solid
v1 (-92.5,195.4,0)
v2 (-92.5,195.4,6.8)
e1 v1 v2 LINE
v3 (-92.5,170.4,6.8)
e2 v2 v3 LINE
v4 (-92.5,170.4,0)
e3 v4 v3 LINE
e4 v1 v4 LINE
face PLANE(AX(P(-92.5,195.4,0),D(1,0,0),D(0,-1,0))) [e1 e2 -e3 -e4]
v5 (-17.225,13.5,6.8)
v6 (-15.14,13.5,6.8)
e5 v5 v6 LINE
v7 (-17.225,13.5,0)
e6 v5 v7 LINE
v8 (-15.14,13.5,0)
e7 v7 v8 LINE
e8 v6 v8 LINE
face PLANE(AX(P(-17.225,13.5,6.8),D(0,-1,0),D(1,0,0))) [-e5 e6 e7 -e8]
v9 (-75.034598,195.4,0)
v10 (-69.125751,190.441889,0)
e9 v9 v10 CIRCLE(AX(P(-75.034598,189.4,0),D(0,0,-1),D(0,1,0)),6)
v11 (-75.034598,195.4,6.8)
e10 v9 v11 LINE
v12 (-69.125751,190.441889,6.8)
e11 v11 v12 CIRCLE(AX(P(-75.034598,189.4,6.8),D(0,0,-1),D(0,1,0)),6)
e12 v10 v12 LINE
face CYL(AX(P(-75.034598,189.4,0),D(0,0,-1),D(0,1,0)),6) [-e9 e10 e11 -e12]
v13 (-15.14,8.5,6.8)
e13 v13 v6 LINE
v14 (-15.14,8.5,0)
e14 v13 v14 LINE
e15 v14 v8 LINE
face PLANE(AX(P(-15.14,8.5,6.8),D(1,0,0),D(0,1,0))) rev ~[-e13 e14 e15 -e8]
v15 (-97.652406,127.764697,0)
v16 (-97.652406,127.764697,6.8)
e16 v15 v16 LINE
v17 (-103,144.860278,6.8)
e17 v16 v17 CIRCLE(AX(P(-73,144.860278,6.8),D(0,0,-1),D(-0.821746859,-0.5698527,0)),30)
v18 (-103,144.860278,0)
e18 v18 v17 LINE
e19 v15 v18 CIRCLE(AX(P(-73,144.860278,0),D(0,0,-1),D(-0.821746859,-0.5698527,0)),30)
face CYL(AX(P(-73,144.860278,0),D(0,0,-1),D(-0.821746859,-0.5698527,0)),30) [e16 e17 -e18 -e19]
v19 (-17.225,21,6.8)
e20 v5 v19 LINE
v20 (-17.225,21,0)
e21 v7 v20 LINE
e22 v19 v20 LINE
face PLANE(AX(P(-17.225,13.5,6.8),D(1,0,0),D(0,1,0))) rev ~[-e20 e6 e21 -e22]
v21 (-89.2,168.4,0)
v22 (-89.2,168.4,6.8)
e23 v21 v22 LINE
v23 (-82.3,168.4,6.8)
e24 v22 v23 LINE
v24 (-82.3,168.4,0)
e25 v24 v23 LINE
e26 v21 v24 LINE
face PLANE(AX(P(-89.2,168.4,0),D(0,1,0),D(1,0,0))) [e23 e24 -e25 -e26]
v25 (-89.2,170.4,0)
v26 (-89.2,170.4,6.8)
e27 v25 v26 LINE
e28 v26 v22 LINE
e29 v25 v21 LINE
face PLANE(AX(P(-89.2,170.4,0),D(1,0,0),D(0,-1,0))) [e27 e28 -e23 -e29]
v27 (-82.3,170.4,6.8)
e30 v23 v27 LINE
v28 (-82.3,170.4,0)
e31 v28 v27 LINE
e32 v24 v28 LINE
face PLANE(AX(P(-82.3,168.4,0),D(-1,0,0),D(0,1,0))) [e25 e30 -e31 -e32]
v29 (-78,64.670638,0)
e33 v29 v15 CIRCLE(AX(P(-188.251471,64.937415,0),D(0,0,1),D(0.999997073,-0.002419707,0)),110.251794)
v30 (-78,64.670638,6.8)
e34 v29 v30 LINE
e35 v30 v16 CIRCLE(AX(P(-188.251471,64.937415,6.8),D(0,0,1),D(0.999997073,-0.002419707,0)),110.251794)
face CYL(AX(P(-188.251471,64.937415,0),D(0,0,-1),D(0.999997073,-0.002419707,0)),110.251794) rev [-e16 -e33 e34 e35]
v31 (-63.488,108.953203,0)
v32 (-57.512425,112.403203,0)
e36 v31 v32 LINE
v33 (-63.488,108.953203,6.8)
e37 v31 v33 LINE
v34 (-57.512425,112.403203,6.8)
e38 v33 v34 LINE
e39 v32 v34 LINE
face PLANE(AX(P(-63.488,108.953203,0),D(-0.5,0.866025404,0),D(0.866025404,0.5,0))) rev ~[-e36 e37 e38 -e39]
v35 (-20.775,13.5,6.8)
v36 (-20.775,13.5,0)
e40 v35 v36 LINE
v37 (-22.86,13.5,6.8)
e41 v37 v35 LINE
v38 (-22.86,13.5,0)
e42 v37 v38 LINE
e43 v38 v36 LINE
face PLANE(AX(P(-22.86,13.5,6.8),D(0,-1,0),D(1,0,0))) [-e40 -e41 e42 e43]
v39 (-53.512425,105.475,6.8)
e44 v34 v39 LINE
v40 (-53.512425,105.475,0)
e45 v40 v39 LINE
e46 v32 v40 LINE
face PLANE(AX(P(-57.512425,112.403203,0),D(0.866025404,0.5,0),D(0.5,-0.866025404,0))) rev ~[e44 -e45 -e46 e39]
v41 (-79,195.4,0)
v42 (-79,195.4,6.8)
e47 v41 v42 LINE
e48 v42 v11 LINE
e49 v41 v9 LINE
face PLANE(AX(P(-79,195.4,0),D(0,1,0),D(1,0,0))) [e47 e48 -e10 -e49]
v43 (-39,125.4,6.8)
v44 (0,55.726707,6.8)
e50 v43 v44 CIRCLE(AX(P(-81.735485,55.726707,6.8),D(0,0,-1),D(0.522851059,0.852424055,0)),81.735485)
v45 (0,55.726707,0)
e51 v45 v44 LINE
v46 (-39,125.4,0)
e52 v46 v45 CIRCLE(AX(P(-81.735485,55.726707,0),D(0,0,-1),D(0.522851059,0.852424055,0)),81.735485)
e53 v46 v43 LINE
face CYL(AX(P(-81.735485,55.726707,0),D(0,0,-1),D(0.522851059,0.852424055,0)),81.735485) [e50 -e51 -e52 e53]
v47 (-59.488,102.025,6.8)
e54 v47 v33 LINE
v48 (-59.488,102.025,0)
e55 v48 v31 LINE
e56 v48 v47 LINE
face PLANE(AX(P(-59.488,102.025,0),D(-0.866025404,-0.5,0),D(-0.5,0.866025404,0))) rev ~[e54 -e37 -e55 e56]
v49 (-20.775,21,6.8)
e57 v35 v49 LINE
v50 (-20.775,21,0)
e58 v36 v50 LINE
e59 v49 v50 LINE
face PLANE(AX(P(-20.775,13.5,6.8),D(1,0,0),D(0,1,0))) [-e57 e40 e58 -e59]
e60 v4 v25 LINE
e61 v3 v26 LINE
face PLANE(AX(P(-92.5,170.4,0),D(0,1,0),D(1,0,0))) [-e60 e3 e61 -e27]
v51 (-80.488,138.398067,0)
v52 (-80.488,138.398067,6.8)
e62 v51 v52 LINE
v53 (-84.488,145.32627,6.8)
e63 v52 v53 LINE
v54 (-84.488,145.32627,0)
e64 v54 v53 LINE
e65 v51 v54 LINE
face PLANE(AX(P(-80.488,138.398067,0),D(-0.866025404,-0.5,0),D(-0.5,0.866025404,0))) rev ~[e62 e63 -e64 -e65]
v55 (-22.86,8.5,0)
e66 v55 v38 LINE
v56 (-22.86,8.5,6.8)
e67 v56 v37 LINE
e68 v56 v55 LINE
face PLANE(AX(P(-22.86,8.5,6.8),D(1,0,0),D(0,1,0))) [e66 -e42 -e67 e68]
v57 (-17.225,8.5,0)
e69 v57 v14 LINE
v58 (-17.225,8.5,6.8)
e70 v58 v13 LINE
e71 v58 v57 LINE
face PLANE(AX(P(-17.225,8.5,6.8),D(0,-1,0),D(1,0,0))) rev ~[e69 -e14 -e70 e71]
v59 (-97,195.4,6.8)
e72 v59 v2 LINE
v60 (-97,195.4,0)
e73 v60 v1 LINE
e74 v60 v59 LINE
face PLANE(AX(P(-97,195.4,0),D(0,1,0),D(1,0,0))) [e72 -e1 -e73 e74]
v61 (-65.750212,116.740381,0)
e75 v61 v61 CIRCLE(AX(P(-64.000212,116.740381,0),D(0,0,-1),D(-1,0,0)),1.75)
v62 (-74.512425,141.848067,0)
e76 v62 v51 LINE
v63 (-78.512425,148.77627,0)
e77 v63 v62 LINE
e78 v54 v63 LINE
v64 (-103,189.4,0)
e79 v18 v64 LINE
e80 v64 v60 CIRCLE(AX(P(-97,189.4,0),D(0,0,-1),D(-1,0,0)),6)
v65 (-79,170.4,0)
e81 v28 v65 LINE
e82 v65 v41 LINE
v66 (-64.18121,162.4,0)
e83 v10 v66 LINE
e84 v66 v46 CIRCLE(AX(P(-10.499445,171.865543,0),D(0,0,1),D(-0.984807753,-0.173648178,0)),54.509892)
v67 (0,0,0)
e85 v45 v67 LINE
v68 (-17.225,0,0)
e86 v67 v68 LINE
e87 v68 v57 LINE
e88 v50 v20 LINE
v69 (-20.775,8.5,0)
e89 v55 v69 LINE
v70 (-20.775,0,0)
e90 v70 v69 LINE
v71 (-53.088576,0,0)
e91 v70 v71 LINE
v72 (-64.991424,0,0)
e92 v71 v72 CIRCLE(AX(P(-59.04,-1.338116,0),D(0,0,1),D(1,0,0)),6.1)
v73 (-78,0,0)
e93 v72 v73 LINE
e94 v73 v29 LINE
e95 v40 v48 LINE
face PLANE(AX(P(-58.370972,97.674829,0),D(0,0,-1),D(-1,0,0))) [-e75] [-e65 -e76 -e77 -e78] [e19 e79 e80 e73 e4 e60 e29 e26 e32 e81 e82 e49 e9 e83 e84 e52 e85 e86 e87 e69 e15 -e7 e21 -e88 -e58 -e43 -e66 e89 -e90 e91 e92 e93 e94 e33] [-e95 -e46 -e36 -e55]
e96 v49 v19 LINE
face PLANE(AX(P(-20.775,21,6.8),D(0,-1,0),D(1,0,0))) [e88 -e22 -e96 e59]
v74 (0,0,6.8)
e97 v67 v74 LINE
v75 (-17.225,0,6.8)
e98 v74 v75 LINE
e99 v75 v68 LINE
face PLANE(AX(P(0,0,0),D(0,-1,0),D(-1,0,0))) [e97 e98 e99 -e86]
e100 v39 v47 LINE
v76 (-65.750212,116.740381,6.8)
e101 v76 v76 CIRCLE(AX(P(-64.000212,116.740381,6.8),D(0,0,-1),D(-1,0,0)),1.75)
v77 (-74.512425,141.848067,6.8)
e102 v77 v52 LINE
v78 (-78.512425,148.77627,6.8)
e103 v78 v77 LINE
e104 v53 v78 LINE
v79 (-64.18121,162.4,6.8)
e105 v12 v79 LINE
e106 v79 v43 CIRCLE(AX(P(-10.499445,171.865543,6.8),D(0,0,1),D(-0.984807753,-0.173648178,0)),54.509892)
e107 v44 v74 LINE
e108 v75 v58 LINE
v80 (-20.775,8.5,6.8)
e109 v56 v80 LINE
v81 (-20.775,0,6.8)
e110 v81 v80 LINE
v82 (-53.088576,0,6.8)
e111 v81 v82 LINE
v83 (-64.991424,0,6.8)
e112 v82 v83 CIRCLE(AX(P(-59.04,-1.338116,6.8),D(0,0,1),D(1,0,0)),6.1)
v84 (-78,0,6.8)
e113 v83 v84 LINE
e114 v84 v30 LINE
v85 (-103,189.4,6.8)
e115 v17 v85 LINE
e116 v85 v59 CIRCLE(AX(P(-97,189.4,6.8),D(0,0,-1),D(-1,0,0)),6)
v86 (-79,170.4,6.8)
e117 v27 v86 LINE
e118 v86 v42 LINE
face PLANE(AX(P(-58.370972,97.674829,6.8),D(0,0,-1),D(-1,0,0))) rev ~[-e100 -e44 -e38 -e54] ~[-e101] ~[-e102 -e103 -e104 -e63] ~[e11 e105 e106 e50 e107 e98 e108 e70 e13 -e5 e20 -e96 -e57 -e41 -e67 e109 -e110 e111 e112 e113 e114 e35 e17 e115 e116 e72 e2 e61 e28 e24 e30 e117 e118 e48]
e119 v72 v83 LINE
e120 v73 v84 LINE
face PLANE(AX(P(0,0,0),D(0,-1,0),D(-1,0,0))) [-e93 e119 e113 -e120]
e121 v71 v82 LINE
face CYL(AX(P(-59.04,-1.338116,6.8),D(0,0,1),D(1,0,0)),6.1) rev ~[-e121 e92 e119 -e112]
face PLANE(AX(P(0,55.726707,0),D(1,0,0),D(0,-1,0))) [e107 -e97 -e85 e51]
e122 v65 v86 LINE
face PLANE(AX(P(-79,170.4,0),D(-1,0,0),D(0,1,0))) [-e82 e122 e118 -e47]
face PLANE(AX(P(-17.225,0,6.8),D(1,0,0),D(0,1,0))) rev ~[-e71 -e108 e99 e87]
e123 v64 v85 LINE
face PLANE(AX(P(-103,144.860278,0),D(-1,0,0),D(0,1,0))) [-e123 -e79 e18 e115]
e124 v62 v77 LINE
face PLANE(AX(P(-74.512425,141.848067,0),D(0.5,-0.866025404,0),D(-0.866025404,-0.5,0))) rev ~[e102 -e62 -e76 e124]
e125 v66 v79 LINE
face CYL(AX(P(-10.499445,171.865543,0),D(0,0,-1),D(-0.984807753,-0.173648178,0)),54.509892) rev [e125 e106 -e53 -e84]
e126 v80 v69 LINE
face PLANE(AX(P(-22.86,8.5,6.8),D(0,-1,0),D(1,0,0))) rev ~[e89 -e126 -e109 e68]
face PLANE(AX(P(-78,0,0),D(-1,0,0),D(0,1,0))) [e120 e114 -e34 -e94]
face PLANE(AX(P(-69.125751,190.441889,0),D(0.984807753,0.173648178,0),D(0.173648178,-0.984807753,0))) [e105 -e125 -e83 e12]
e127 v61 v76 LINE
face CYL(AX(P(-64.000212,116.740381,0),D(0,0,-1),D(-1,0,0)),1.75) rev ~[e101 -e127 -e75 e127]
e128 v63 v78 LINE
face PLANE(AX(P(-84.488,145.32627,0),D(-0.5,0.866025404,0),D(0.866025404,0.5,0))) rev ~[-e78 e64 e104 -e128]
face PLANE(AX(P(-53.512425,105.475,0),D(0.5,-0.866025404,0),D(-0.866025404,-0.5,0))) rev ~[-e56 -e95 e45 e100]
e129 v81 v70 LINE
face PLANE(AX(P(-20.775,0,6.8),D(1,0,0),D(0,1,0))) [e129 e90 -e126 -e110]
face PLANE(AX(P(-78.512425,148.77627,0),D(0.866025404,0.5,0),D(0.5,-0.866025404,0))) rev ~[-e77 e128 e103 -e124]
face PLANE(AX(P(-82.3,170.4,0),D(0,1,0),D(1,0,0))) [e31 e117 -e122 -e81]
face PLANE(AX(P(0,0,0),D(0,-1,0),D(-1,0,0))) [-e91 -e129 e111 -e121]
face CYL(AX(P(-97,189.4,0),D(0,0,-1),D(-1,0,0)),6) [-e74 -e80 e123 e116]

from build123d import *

# Parameters (mm, degrees)
BOSS_EXTRUDE1_DEPTH = 6.8
SKETCH2_W           = 3.55
SKETCH2_H           = 7.5
SKETCH2_W_2         = 2.085
SKETCH2_H_2         = 5
SKETCH2_H_3         = 8.5
CUT_EXTRUDE1_DEPTH  = 6.8
SKETCH3_R           = 6.1
CUT_EXTRUDE2_DEPTH  = 6.8
SKETCH4_R           = 1.75
CUT_EXTRUDE3_DEPTH  = 6.8


with BuildPart() as part:
    # Sketch1 → Boss-Extrude1 (new body)
    with BuildSketch(Plane.XY):
        with BuildLine():
            Line((-97, 195.4), (-92.5, 195.4))
            Line((-92.5, 195.4), (-92.5, 170.4))
            Line((-92.5, 170.4), (-89.2, 170.4))
            Line((-89.2, 170.4), (-89.2, 168.4))
            Line((-89.2, 168.4), (-82.3, 168.4))
            Line((-82.3, 168.4), (-82.3, 170.4))
            Line((-82.3, 170.4), (-79, 170.4))
            Line((-79, 170.4), (-79, 195.4))
            Line((-79, 195.4), (-75.034597787, 195.4))
            ThreePointArc((-75.034597787, 195.4), (-71.177872129, 193.996266659), (-69.125751269, 190.441889066))
            Line((-69.125751269, 190.441889066), (-64.181209637, 162.4))
            ThreePointArc((-64.181209637, 162.4), (-55.56310459, 141.196422986), (-39, 125.4))
            ThreePointArc((-39, 125.4), (-10.413345727, 95.649656796), (0, 55.726706578))
            Line((0, 55.726706578), (0, 0))
            Line((0, 0), (-78, 0))
            Line((-78, 0), (-78, 64.670637847))
            ThreePointArc((-78, 64.670637847), (-82.987756652, 97.72473667), (-97.652405773, 127.764697248))
            ThreePointArc((-97.652405773, 127.764697248), (-101.631906793, 135.904056195), (-103, 144.860278245))
            Line((-103, 144.860278245), (-103, 189.4))
            ThreePointArc((-103, 189.4), (-101.242640687, 193.642640687), (-97, 195.4))
        make_face()
    extrude(amount=BOSS_EXTRUDE1_DEPTH)

    # Sketch2 → Cut-Extrude1 (cut)
    with BuildSketch(Plane.XY.offset(6.8)):
        with Locations((-19, 17.25)):
            Rectangle(SKETCH2_W, SKETCH2_H)
        with Locations((-21.8175, 11)):
            Rectangle(SKETCH2_W_2, SKETCH2_H_2)
        with Locations((-16.1825, 11)):
            Rectangle(SKETCH2_W_2, SKETCH2_H_2)
        with Locations((-19, 4.25)):
            Rectangle(SKETCH2_W, SKETCH2_H_3)
        with Locations((-19, 11)):
            Rectangle(SKETCH2_W, SKETCH2_H_2)
    extrude(amount=-CUT_EXTRUDE1_DEPTH, mode=Mode.SUBTRACT)

    # Sketch3 → Cut-Extrude2 (cut)
    with BuildSketch(Plane.XY.offset(6.8)):
        with Locations((-59.04, -1.33811552)):
            Circle(SKETCH3_R)
    extrude(amount=-CUT_EXTRUDE2_DEPTH, mode=Mode.SUBTRACT)

    # Sketch4 → Cut-Extrude3 (cut)
    with BuildSketch(Plane(origin=(0, 0, 0), x_dir=(-1, 0, 0), z_dir=(0, 0, -1))):
        with Locations((64.000212357, 116.740381057)):
            Circle(SKETCH4_R)
        Polygon((84.488, 145.326270189), (78.512424714, 148.776270189), (74.512424714, 141.848066959), (80.488, 138.398066959), align=None)
        Polygon((63.488, 108.95320323), (57.512424714, 112.40320323), (53.512424714, 105.475), (59.488, 102.025), align=None)
    extrude(amount=-CUT_EXTRUDE3_DEPTH, mode=Mode.SUBTRACT)


solid = part.part
